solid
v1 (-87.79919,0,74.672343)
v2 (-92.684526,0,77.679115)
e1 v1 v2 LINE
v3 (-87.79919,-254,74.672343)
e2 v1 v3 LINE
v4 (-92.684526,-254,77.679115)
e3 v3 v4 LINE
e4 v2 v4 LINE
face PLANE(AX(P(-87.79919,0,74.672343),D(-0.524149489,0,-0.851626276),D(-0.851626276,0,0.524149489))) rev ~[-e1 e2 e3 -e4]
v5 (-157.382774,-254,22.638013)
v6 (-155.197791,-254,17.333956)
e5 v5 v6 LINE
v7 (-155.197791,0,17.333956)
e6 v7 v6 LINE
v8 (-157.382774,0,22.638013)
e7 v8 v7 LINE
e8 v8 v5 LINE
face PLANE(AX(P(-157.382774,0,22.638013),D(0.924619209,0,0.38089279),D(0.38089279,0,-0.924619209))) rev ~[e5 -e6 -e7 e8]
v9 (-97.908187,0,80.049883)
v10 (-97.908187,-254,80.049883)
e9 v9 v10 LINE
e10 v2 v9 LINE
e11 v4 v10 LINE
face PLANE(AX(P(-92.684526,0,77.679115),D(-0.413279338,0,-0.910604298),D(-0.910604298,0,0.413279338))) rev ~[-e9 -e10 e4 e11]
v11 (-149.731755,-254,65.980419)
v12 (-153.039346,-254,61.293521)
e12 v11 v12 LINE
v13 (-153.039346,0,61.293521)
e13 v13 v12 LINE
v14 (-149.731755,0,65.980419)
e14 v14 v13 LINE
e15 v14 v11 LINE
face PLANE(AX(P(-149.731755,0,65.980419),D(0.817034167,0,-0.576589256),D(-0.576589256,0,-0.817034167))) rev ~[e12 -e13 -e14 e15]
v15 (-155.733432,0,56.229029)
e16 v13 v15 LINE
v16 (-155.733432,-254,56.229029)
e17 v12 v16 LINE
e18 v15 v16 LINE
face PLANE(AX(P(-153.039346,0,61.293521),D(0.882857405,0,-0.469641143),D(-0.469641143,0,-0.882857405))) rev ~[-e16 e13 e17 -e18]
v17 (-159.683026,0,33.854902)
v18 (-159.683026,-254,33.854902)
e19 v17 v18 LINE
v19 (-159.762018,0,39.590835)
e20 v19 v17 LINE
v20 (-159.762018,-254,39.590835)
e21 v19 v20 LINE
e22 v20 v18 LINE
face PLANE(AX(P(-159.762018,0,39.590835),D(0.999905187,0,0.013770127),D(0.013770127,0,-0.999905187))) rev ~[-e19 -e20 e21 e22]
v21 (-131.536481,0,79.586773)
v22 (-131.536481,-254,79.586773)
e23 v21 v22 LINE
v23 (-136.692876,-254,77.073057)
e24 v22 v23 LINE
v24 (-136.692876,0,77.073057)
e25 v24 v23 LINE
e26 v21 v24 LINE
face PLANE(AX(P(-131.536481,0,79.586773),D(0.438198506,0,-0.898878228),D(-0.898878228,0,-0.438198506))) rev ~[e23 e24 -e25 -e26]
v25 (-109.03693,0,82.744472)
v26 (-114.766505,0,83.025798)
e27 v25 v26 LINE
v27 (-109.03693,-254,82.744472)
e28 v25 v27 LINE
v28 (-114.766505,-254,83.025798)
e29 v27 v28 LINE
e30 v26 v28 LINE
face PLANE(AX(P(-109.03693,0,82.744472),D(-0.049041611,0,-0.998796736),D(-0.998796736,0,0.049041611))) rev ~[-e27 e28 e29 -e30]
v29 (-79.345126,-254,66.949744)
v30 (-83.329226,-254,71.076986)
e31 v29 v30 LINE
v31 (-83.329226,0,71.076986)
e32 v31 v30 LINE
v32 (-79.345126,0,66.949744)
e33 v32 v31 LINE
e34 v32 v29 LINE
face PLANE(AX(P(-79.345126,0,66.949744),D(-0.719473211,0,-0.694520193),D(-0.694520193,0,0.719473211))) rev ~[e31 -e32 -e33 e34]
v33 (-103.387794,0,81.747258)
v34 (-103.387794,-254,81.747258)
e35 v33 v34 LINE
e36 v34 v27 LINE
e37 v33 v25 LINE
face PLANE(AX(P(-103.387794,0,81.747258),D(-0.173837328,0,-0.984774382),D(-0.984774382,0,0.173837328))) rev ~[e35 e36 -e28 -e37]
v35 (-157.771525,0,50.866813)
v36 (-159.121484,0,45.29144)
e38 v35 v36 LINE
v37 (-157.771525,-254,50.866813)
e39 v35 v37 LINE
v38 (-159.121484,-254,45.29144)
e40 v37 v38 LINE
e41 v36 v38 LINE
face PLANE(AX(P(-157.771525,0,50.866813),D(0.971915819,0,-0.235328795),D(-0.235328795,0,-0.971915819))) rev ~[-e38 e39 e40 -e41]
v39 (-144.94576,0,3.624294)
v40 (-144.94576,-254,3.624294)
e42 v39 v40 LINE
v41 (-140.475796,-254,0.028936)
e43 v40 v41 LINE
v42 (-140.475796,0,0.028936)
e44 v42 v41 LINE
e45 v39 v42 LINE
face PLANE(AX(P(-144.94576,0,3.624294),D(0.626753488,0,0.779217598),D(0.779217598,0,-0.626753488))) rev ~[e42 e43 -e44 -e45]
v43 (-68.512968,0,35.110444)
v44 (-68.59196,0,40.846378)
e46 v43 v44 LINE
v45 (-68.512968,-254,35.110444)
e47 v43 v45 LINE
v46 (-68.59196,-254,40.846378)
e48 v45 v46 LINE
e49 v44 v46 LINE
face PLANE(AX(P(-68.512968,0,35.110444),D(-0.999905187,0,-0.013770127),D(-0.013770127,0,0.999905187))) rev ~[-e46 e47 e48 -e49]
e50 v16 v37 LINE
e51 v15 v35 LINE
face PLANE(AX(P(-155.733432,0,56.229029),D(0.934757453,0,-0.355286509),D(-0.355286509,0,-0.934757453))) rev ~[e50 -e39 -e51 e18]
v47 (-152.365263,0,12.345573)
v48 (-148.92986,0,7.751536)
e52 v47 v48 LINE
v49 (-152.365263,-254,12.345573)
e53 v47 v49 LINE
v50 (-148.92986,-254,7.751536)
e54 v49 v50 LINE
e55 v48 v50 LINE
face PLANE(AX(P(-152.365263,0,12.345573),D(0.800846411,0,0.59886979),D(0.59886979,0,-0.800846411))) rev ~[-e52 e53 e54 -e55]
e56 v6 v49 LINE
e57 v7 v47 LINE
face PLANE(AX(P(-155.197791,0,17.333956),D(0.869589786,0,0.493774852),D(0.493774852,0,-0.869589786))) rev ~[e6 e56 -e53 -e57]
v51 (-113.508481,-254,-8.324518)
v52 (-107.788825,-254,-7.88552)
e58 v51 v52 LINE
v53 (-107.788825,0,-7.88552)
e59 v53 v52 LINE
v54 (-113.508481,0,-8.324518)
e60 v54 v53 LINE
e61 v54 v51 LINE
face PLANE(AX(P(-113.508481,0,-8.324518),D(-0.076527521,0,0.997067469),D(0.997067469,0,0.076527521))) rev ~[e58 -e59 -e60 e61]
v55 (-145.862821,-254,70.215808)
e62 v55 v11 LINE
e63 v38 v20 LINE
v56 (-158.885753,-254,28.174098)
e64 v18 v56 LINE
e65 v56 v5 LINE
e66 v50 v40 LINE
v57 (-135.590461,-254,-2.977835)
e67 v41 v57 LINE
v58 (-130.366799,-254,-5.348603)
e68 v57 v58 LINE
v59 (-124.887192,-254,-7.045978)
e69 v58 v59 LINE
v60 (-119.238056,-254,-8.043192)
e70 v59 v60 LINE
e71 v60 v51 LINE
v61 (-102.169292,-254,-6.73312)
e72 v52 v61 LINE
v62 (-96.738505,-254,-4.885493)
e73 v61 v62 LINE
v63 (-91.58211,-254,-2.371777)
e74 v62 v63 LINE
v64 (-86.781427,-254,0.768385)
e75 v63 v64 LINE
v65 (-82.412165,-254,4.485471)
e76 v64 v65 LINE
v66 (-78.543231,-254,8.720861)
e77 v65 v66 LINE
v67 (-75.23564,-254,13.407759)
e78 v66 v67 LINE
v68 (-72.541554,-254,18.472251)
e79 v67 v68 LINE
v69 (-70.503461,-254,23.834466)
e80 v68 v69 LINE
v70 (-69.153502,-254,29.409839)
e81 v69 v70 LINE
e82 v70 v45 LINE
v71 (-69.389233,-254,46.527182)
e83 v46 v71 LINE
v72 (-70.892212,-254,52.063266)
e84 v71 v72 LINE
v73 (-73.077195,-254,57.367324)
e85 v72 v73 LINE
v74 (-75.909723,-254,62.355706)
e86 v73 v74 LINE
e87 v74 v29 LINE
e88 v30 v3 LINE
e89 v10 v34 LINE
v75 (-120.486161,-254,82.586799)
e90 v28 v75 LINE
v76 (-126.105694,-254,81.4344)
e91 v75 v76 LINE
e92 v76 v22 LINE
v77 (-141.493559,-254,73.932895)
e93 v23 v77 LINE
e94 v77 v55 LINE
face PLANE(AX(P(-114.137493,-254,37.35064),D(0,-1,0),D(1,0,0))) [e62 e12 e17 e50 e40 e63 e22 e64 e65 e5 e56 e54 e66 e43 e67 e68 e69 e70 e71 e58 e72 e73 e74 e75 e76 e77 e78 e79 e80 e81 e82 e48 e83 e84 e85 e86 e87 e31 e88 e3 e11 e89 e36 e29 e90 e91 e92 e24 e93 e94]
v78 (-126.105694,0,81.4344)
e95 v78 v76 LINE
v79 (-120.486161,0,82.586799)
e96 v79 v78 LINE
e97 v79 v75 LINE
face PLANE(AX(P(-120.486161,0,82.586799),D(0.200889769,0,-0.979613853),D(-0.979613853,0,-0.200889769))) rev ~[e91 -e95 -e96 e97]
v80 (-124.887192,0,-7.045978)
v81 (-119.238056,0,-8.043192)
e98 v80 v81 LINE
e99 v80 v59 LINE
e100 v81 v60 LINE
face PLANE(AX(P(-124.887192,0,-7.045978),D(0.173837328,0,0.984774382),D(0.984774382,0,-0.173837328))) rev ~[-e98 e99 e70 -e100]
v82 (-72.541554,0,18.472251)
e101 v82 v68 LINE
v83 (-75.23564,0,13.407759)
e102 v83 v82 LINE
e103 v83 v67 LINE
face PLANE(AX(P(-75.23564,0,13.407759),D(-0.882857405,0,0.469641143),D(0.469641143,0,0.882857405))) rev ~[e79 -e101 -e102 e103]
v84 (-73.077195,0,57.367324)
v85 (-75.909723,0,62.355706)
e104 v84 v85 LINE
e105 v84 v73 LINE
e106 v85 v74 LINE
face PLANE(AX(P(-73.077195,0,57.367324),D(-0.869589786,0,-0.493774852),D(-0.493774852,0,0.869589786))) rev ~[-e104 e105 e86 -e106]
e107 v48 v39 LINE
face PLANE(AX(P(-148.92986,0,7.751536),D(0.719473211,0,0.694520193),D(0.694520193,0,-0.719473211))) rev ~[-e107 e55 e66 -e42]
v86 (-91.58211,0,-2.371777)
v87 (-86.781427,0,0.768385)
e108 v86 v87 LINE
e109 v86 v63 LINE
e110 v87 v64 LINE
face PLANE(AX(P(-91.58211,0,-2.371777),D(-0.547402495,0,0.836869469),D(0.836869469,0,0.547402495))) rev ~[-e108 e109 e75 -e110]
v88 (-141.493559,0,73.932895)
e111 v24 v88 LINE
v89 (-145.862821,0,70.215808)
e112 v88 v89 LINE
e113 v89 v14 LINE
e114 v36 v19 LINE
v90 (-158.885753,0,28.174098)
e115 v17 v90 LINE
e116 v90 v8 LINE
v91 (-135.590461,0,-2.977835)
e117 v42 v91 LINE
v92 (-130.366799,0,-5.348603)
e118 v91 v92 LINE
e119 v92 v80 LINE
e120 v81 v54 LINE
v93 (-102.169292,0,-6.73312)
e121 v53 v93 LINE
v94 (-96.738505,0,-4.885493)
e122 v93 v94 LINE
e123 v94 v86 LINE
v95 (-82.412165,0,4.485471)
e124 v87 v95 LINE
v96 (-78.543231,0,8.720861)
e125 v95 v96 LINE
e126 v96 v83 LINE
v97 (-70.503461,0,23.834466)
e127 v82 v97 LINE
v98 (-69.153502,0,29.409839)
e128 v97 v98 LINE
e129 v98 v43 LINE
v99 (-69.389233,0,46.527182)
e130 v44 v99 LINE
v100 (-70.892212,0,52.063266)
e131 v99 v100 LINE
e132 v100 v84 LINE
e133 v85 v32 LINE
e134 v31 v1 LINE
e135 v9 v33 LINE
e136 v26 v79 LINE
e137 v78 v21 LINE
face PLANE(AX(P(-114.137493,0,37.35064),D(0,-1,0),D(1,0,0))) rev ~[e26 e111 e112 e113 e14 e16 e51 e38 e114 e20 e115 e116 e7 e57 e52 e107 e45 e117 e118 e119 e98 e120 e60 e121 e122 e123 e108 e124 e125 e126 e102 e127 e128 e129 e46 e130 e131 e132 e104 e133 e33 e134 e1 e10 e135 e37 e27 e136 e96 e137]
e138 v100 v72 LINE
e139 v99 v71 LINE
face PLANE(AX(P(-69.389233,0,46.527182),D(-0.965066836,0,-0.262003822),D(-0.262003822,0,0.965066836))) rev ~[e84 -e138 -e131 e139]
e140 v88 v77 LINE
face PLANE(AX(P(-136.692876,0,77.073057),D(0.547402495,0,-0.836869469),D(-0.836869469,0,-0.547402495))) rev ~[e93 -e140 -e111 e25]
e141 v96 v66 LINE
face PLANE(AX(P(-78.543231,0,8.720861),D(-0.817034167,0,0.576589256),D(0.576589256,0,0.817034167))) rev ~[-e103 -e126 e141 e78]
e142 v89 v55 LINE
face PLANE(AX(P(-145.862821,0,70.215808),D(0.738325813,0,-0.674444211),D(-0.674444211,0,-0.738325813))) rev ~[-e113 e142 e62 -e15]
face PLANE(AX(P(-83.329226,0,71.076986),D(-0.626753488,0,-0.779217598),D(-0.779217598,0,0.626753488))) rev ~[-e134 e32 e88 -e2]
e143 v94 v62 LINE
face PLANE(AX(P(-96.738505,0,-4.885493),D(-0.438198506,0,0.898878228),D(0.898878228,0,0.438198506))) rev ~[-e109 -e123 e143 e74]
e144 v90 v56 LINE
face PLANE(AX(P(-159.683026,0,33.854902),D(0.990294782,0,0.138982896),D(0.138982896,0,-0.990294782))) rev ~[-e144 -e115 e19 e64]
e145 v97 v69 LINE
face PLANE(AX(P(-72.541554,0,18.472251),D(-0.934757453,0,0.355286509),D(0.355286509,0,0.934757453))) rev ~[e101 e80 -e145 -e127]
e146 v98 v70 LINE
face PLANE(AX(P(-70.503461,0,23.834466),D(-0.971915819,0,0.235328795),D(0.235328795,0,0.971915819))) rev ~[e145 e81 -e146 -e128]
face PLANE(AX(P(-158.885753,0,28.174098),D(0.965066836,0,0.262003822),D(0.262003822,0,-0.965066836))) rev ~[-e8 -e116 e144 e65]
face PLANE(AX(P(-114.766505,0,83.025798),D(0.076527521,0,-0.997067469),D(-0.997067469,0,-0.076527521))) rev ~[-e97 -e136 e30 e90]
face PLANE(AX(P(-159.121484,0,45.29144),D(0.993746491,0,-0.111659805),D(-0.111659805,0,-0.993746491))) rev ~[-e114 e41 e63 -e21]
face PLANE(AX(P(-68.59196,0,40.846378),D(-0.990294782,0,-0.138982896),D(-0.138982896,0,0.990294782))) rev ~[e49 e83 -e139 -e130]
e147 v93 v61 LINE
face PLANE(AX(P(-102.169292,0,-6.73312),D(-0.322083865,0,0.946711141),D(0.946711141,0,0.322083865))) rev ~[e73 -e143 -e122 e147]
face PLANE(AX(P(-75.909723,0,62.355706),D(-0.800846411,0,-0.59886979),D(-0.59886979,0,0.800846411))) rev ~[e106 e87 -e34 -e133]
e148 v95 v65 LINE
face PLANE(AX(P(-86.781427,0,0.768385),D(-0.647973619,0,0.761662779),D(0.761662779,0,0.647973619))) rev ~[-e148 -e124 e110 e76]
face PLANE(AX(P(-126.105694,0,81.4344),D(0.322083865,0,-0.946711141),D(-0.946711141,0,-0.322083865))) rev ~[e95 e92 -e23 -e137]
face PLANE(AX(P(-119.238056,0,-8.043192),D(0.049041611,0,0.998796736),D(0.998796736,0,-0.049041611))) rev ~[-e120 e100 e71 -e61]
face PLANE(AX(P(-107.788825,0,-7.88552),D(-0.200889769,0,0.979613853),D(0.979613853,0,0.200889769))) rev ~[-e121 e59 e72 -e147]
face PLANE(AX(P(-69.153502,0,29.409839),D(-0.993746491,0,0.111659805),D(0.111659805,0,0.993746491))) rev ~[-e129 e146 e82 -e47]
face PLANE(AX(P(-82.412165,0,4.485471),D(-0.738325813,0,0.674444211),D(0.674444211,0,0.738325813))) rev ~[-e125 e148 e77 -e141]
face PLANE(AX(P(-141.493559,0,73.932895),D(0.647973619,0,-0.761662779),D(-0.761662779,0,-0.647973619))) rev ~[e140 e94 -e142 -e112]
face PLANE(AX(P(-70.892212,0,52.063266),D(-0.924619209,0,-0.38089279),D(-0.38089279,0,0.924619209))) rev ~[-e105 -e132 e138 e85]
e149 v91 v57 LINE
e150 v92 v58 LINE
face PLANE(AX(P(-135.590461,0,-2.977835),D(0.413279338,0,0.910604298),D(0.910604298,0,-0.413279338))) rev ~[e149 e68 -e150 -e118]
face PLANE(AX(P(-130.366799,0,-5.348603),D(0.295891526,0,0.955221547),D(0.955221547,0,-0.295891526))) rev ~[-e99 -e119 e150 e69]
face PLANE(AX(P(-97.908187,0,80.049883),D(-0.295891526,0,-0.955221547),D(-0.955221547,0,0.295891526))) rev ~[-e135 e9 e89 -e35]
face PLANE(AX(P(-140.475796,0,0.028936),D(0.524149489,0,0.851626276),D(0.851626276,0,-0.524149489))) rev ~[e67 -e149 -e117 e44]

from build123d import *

# Parameters (mm, degrees)
F1_DEPTH = 254


with BuildPart() as f1:
    # F0 (on Front) → F1 (new body)
    with BuildSketch(Plane.XZ):
        Polygon((-79.3451264611, 66.9497435951), (-83.3292260655, 71.076985631), (-87.7991904446, 74.6723430445), (-92.6845255899, 77.6791149013), (-97.9081868478, 80.0498826131), (-103.3877939598, 81.7472577569), (-109.0369302483, 82.7444717128), (-114.7665054596, 83.0257978208), (-120.4861607698, 82.5867994003), (-126.1056937979, 81.4343997185), (-131.5364811511, 79.5867728069), (-136.6928760688, 77.0730568456), (-141.4935591226, 73.9328946369), (-145.8628206732, 70.2158084146), (-149.7317548557, 65.9804188491), (-153.0393462669, 61.2935205637), (-155.7334322144, 56.2290287444), (-157.7715253535, 50.8668134525), (-159.1214837379, 45.2914400263), (-159.7620177173, 39.5908354354), (-159.6830256883, 33.8549016196), (-158.8857534024, 28.1740976815), (-157.3827743199, 22.6380132929), (-155.1977913185, 17.3339558116), (-152.3652628857, 12.3455733926), (-148.9298596867, 7.7515358067), (-144.9457600824, 3.6242937708), (-140.4757957033, 0.0289363573), (-135.590460558, -2.9778354995), (-130.3667993001, -5.3486032113), (-124.8871921881, -7.0459783552), (-119.2380558996, -8.043192311), (-113.5084806883, -8.324518419), (-107.7888253781, -7.8855199985), (-102.16929235, -6.7331203167), (-96.7385049967, -4.8854934051), (-91.5821100791, -2.3717774438), (-86.7814270253, 0.7683847649), (-82.4121654747, 4.4854709872), (-78.5432312922, 8.7208605527), (-75.235639881, 13.407758838), (-72.5415539334, 18.4722506574), (-70.5034607943, 23.8344659493), (-69.15350241, 29.4098393755), (-68.5129684306, 35.1104439664), (-68.5919604596, 40.8463777822), (-69.3892327455, 46.5271817203), (-70.892211828, 52.0632661089), (-73.0771948293, 57.3673235902), (-75.9097232622, 62.3557060091), align=None)
        Polygon((-96.6742937337, 65.4368205061), (-93.2918644177, 63.0266333399), (-90.2381831182, 60.2115204158), (-87.5614082134, 57.0358777464), (-85.3037540427, 53.5497871137), (-83.500825161, 49.8082262494), (-82.1810548337, 45.8702018034), (-81.3652566273, 41.7978187737), (-81.0662961668, 37.6553010734), (-81.2888882373, 33.5079786813), (-82.029522429, 29.4212573489), (-83.276518498, 25.459587113), (-85.0102105716, 21.6854458798), (-87.2032572901, 18.1583541111), (-89.8210729965, 14.9339361511), (-92.8223731736, 12.0630429971), (-96.1598255245, 9.5909503492), (-99.7807964319, 7.5566445852), (-103.6281810217, 5.9922079223), (-107.6413037406, 4.9223124612), (-111.7568752458, 4.3638310923), (-115.9099905163, 4.3255714006), (-120.0351524433, 4.8081367642), (-124.067304759, 5.803916839), (-127.9428580126, 7.2972075785), (-131.6006924142, 9.2644588956), (-134.9831217302, 11.6746460619), (-138.0368030297, 14.489758986), (-140.7135779344, 17.6654016553), (-142.9712321052, 21.1514922881), (-144.7741609869, 24.8930531524), (-146.0939313142, 28.8310775984), (-146.9097295206, 32.9034606281), (-147.2086899811, 37.0459783284), (-146.9860979105, 41.1933007205), (-146.2454637189, 45.2800220529), (-144.9984676498, 49.2416922888), (-143.2647755763, 53.015833522), (-141.0717288578, 56.5429252907), (-138.4539131513, 59.7673432507), (-135.4526129743, 62.6382364047), (-132.1151606234, 65.1103290526), (-128.4941897159, 67.1446348165), (-124.6468051261, 68.7090714795), (-120.6336824073, 69.7789669406), (-116.5181109021, 70.3374483095), (-112.3649956316, 70.3757080012), (-108.2398337046, 69.8931426376), (-104.2076813889, 68.8973625627), (-100.3321281353, 67.4040718232), align=None, mode=Mode.SUBTRACT)
        Polygon((-90.2381831182, 60.2115204158), (-93.2918644177, 63.0266333399), (-96.6742937337, 65.4368205061), (-100.3321281353, 67.4040718232), (-104.2076813889, 68.8973625627), (-108.2398337046, 69.8931426376), (-112.3649956316, 70.3757080012), (-116.5181109021, 70.3374483095), (-120.6336824073, 69.7789669406), (-124.6468051261, 68.7090714795), (-128.4941897159, 67.1446348165), (-132.1151606234, 65.1103290526), (-135.4526129743, 62.6382364047), (-138.4539131513, 59.7673432507), (-141.0717288578, 56.5429252907), (-143.2647755763, 53.015833522), (-144.9984676498, 49.2416922888), (-146.2454637189, 45.2800220529), (-146.9860979105, 41.1933007205), (-147.2086899811, 37.0459783284), (-146.9097295206, 32.9034606281), (-146.0939313142, 28.8310775984), (-144.7741609869, 24.8930531524), (-142.9712321052, 21.1514922881), (-140.7135779344, 17.6654016553), (-138.0368030297, 14.489758986), (-134.9831217302, 11.6746460619), (-131.6006924142, 9.2644588956), (-127.9428580126, 7.2972075785), (-124.067304759, 5.803916839), (-120.0351524433, 4.8081367642), (-115.9099905163, 4.3255714006), (-111.7568752458, 4.3638310923), (-107.6413037406, 4.9223124612), (-103.6281810217, 5.9922079223), (-99.7807964319, 7.5566445852), (-96.1598255245, 9.5909503492), (-92.8223731736, 12.0630429971), (-89.8210729965, 14.9339361511), (-87.2032572901, 18.1583541111), (-85.0102105716, 21.6854458798), (-83.276518498, 25.459587113), (-82.029522429, 29.4212573489), (-81.2888882373, 33.5079786813), (-81.0662961668, 37.6553010734), (-81.3652566273, 41.7978187737), (-82.1810548337, 45.8702018034), (-83.500825161, 49.8082262494), (-85.3037540427, 53.5497871137), (-87.5614082134, 57.0358777464), align=None)
        Polygon((-93.6182163089, 36.2365611925), (-93.9196479969, 33.673598727), (-94.5399271793, 31.1686253941), (-95.4692716829, 28.7611461198), (-96.6930251897, 26.4891282905), (-98.1918883759, 24.3884029844), (-99.9422232735, 22.4920998946), (-101.9164260558, 20.8301248536), (-104.0833623655, 19.4286882006), (-106.4088583224, 18.3098914288), (-108.8562394663, 17.4913786317), (-111.3869091344, 16.986058245), (-113.9609571544, 16.801899473), (-116.5377892513, 16.9418066097), (-119.0767672436, 17.4035732359), (-121.5378499317, 18.179917016), (-123.8822245713, 19.2585945449), (-126.072918974, 20.6225944336), (-128.0753845804, 22.2504055889), (-129.8580413117, 24.1163564567), (-131.3927756062, 26.191019877), (-132.6553837874, 28.4416771684), (-133.62595377, 30.8328341209), (-134.2891790856, 33.3267807609), (-134.6346002748, 35.8841860601), (-134.656769839, 38.4647182092), (-134.355338151, 41.0276806748), (-133.7350589686, 43.5326540077), (-132.805714465, 45.9401332819), (-131.5819609582, 48.2121511113), (-130.083097772, 50.3128764174), (-128.3327628744, 52.2091795072), (-126.3585600921, 53.8711545482), (-124.1916237824, 55.2725912012), (-121.8661278255, 56.391387973), (-119.4187466816, 57.2099007701), (-116.8880770135, 57.7152211568), (-114.3140289935, 57.8993799287), (-111.7371968966, 57.7594727921), (-109.1982189043, 57.2977061659), (-106.7371362162, 56.5213623858), (-104.3927615766, 55.4426848569), (-102.2020671738, 54.0786849682), (-100.1996015674, 52.4508738128), (-98.4169448362, 50.5849229451), (-96.8822105416, 48.5102595248), (-95.6196023604, 46.2596022334), (-94.6490323778, 43.8684452809), (-93.9858070623, 41.3744986409), (-93.6403858731, 38.8170933417), align=None, mode=Mode.SUBTRACT)
        Polygon((-94.5399271793, 31.1686253941), (-93.9196479969, 33.673598727), (-93.6182163089, 36.2365611925), (-93.6403858731, 38.8170933417), (-93.9858070623, 41.3744986409), (-94.6490323778, 43.8684452809), (-95.6196023604, 46.2596022334), (-96.8822105416, 48.5102595248), (-98.4169448362, 50.5849229451), (-100.1996015674, 52.4508738128), (-102.2020671738, 54.0786849682), (-104.3927615766, 55.4426848569), (-106.7371362162, 56.5213623858), (-109.1982189043, 57.2977061659), (-111.7371968966, 57.7594727921), (-114.3140289935, 57.8993799287), (-116.8880770135, 57.7152211568), (-119.4187466816, 57.2099007701), (-121.8661278255, 56.391387973), (-124.1916237824, 55.2725912012), (-126.3585600921, 53.8711545482), (-128.3327628744, 52.2091795072), (-130.083097772, 50.3128764174), (-131.5819609582, 48.2121511113), (-132.805714465, 45.9401332819), (-133.7350589686, 43.5326540077), (-134.355338151, 41.0276806748), (-134.656769839, 38.4647182092), (-134.6346002748, 35.8841860601), (-134.2891790856, 33.3267807609), (-133.62595377, 30.8328341209), (-132.6553837874, 28.4416771684), (-131.3927756062, 26.191019877), (-129.8580413117, 24.1163564567), (-128.0753845804, 22.2504055889), (-126.072918974, 20.6225944336), (-123.8822245713, 19.2585945449), (-121.5378499317, 18.179917016), (-119.0767672436, 17.4035732359), (-116.5377892513, 16.9418066097), (-113.9609571544, 16.801899473), (-111.3869091344, 16.986058245), (-108.8562394663, 17.4913786317), (-106.4088583224, 18.3098914288), (-104.0833623655, 19.4286882006), (-101.9164260558, 20.8301248536), (-99.9422232735, 22.4920998946), (-98.1918883759, 24.3884029844), (-96.6930251897, 26.4891282905), (-95.4692716829, 28.7611461198), align=None)
    extrude(amount=F1_DEPTH)


solid = f1.part
